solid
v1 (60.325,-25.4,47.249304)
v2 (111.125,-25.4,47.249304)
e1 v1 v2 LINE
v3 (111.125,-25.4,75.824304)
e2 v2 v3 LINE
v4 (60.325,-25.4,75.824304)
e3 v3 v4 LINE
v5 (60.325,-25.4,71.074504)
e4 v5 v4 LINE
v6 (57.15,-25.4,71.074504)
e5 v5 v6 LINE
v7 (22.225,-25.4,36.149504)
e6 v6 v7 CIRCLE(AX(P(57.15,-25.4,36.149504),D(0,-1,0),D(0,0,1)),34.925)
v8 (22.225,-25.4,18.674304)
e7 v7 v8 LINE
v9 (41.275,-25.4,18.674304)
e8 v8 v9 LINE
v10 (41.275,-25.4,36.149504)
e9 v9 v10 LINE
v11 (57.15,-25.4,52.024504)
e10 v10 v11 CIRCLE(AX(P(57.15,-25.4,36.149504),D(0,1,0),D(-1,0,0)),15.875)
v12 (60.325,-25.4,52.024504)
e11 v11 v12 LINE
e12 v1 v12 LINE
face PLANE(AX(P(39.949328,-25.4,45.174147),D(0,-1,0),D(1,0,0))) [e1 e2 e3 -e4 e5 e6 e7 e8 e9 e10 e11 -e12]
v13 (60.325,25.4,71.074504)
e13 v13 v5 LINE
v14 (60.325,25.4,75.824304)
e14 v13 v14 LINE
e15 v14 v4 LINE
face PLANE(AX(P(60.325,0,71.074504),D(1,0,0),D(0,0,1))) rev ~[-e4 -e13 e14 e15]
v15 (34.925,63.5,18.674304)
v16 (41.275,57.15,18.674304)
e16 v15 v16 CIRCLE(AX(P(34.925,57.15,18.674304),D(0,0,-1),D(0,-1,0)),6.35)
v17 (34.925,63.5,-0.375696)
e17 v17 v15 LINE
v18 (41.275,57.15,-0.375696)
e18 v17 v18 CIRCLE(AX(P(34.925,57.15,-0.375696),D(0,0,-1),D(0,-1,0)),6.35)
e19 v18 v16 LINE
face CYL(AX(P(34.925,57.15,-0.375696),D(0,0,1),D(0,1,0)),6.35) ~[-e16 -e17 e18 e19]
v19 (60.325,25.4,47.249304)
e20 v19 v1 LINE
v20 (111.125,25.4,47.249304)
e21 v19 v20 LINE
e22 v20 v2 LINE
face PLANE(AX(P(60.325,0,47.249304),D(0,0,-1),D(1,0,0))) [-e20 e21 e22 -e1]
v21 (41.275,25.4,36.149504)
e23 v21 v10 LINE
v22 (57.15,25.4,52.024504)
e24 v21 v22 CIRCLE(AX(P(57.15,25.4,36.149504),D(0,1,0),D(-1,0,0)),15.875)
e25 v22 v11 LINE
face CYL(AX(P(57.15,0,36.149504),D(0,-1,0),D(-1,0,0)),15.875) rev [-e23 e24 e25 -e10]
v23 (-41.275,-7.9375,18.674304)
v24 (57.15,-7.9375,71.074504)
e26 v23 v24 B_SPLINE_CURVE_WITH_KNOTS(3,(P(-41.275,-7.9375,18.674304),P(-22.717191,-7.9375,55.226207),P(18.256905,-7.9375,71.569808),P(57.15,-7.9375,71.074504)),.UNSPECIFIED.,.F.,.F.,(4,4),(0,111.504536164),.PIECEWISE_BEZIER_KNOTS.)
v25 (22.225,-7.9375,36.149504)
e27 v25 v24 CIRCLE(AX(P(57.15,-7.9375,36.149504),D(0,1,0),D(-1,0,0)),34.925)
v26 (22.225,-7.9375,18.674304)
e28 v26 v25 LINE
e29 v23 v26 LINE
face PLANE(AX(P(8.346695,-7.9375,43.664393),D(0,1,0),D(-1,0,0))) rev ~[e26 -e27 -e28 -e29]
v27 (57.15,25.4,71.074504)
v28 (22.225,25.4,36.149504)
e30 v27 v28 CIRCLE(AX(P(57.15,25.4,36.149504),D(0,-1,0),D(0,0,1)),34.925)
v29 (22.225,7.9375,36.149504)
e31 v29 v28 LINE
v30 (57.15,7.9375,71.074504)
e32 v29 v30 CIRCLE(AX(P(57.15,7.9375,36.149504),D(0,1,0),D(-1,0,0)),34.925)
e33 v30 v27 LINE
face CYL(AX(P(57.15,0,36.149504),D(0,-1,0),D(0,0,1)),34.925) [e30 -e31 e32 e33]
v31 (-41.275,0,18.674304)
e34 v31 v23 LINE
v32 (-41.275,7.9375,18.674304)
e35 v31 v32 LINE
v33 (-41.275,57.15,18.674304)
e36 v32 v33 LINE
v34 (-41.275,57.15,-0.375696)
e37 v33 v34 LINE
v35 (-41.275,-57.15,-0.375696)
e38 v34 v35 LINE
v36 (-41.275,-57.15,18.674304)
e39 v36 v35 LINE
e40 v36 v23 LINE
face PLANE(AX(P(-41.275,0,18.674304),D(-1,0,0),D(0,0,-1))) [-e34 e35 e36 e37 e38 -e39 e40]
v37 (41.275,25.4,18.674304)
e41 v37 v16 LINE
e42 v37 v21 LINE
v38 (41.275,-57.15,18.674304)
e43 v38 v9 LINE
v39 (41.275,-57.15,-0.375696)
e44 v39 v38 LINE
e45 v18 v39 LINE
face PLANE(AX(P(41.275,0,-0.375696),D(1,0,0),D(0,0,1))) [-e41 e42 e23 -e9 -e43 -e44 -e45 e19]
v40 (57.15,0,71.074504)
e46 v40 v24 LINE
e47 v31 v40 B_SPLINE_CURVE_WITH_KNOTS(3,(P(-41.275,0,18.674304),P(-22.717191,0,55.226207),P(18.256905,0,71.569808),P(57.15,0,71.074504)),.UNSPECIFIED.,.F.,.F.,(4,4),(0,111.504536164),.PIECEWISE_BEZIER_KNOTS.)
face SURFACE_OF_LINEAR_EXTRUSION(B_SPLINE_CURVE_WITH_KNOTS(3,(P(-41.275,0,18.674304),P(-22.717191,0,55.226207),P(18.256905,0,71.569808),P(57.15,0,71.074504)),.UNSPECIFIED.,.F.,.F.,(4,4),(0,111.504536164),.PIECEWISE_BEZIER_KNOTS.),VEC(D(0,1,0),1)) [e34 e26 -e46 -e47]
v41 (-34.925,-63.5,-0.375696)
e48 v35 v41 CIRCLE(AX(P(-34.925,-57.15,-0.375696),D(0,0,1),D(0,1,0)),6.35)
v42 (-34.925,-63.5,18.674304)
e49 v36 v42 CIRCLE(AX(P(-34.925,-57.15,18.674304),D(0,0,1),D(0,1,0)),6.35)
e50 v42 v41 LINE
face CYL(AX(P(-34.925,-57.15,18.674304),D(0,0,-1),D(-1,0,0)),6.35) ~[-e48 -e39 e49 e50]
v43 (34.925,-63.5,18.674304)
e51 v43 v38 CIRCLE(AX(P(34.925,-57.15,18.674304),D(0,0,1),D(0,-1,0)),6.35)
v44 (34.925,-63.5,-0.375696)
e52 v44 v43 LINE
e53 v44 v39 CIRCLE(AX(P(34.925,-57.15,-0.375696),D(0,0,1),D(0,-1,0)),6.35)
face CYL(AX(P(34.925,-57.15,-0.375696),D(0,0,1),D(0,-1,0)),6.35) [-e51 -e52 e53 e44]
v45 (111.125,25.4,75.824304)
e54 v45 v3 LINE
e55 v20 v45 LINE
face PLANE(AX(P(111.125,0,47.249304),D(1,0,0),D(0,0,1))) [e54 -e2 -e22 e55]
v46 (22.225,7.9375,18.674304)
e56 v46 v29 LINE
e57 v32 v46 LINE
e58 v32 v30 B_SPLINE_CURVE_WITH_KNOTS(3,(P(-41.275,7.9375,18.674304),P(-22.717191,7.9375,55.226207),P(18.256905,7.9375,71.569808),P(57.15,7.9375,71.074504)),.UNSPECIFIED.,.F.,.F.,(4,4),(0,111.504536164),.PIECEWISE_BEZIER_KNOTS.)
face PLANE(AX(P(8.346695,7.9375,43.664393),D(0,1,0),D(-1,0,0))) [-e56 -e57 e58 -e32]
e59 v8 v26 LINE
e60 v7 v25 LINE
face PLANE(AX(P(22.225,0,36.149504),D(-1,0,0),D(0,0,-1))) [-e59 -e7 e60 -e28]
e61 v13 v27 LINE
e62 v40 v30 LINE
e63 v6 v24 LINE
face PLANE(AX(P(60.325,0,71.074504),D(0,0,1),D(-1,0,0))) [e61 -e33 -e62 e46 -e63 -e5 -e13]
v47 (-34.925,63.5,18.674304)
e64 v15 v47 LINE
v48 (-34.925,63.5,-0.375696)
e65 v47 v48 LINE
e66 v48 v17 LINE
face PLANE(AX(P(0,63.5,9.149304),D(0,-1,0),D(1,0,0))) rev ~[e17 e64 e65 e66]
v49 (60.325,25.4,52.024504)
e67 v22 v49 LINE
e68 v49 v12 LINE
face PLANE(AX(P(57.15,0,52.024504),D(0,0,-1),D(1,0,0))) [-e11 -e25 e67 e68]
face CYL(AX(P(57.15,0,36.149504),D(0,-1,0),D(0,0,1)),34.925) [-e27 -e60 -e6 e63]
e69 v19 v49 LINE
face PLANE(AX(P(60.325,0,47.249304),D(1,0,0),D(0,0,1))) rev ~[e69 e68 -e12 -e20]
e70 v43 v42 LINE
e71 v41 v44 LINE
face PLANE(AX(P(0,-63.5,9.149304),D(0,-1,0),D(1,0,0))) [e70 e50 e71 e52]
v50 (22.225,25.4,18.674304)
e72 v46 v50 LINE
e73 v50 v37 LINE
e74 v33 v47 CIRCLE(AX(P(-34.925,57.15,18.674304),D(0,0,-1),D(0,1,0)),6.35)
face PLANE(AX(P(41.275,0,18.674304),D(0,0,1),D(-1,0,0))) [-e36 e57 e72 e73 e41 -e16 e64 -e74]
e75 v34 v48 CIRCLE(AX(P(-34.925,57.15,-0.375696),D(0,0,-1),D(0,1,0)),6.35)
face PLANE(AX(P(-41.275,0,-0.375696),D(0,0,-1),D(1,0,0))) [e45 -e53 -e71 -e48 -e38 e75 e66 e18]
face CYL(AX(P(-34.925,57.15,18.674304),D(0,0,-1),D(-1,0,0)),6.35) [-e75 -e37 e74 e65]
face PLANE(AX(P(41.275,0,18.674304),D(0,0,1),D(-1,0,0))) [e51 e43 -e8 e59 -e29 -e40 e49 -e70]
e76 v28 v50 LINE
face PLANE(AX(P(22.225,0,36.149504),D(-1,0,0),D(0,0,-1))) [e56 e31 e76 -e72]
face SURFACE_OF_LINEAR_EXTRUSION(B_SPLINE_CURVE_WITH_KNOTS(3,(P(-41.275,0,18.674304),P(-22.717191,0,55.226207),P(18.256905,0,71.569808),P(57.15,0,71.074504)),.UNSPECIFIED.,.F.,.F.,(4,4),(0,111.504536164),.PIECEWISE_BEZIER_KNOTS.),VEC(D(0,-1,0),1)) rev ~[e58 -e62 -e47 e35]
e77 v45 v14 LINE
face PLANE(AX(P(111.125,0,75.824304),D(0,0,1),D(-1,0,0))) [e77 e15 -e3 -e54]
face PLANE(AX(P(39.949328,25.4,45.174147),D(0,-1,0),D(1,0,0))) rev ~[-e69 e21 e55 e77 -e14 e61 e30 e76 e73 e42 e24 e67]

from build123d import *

# Parameters (mm, degrees)
F1_DEPTH = 63.5
F0_W     = 19.3484129535
F0_H     = 19.05
F0_H_2   = 4.7498
F0_H_3   = 4.7752
F2_DEPTH = 25.4
F3_DEPTH = 7.9375
F4_R     = 6.35


with BuildPart() as f1:
    # F0 (on Front) → F1 (new body, symmetric)
    with BuildSketch(Plane.XZ):
        Polygon((-41.275, 18.6743041574), (-41.275, -0.3756958426), (41.275, -0.3756958426), (41.275, 18.6743041574), (22.225, 18.6743041574), align=None)
    extrude(amount=F1_DEPTH, both=True)

    # F0 (on Front) → F2 (join, symmetric)
    with BuildSketch(Plane.XZ):
        with BuildLine():
            Line((22.225, 18.6743041574), (41.275, 18.6743041574))
            Line((41.275, 18.6743041574), (41.275, 36.1495041574))
            ThreePointArc((41.275, 36.1495041574), (45.9246798487, 47.3748243087), (57.15, 52.0245041574))
            Line((57.15, 52.0245041574), (60.325, 52.0245041574))
            Line((60.325, 52.0245041574), (60.325, 71.0745041574))
            Line((60.325, 71.0745041574), (57.15, 71.0745041574))
            ThreePointArc((57.15, 71.0745041574), (32.4542956671, 60.8452084903), (22.225, 36.1495041574))
            Line((22.225, 36.1495041574), (22.225, 18.6743041574))
        make_face()
        Polygon((79.6734129535, 75.8243041574), (79.6734129535, 71.0745041574), (79.6734129535, 52.0245041574), (79.6734129535, 47.2493041574), (111.125, 47.2493041574), (111.125, 75.8243041574), align=None)
        with Locations((69.9992064767, 61.5495041574)):
            Rectangle(F0_W, F0_H)
        with Locations((69.9992064767, 73.4494041574)):
            Rectangle(F0_W, F0_H_2)
        with Locations((69.9992064767, 49.6369041574)):
            Rectangle(F0_W, F0_H_3)
    extrude(amount=F2_DEPTH, both=True)

    # F0 (on Front) → F3 (join, symmetric)
    with BuildSketch(Plane.XZ):
        with BuildLine():
            add(Edge.make_bspline(
                [(-41.275, 18.6743041574), (-22.7171909064, 55.2262067795), (18.2569045573, 71.5698078275), (57.15, 71.0745041574)],
                knots=[0, 0, 0, 0, 111.5045361635, 111.5045361635, 111.5045361635, 111.5045361635], degree=3))
            Line((-41.275, 18.6743041574), (22.225, 18.6743041574))
            Line((22.225, 18.6743041574), (22.225, 36.1495041574))
            ThreePointArc((22.225, 36.1495041574), (32.4542956671, 60.8452084903), (57.15, 71.0745041574))
        make_face()
    extrude(amount=F3_DEPTH, both=True)

    # F4
    f4_edges = [f1.edges().sort_by_distance(p)[0] for p in [
        (-41.275, 63.5, 9.149304),
        (-41.275, -63.5, 9.149304),
        (41.275, 63.5, 9.149304),
        (41.275, -63.5, 9.149304),
    ]]
    fillet(f4_edges, radius=F4_R)


solid = f1.part
